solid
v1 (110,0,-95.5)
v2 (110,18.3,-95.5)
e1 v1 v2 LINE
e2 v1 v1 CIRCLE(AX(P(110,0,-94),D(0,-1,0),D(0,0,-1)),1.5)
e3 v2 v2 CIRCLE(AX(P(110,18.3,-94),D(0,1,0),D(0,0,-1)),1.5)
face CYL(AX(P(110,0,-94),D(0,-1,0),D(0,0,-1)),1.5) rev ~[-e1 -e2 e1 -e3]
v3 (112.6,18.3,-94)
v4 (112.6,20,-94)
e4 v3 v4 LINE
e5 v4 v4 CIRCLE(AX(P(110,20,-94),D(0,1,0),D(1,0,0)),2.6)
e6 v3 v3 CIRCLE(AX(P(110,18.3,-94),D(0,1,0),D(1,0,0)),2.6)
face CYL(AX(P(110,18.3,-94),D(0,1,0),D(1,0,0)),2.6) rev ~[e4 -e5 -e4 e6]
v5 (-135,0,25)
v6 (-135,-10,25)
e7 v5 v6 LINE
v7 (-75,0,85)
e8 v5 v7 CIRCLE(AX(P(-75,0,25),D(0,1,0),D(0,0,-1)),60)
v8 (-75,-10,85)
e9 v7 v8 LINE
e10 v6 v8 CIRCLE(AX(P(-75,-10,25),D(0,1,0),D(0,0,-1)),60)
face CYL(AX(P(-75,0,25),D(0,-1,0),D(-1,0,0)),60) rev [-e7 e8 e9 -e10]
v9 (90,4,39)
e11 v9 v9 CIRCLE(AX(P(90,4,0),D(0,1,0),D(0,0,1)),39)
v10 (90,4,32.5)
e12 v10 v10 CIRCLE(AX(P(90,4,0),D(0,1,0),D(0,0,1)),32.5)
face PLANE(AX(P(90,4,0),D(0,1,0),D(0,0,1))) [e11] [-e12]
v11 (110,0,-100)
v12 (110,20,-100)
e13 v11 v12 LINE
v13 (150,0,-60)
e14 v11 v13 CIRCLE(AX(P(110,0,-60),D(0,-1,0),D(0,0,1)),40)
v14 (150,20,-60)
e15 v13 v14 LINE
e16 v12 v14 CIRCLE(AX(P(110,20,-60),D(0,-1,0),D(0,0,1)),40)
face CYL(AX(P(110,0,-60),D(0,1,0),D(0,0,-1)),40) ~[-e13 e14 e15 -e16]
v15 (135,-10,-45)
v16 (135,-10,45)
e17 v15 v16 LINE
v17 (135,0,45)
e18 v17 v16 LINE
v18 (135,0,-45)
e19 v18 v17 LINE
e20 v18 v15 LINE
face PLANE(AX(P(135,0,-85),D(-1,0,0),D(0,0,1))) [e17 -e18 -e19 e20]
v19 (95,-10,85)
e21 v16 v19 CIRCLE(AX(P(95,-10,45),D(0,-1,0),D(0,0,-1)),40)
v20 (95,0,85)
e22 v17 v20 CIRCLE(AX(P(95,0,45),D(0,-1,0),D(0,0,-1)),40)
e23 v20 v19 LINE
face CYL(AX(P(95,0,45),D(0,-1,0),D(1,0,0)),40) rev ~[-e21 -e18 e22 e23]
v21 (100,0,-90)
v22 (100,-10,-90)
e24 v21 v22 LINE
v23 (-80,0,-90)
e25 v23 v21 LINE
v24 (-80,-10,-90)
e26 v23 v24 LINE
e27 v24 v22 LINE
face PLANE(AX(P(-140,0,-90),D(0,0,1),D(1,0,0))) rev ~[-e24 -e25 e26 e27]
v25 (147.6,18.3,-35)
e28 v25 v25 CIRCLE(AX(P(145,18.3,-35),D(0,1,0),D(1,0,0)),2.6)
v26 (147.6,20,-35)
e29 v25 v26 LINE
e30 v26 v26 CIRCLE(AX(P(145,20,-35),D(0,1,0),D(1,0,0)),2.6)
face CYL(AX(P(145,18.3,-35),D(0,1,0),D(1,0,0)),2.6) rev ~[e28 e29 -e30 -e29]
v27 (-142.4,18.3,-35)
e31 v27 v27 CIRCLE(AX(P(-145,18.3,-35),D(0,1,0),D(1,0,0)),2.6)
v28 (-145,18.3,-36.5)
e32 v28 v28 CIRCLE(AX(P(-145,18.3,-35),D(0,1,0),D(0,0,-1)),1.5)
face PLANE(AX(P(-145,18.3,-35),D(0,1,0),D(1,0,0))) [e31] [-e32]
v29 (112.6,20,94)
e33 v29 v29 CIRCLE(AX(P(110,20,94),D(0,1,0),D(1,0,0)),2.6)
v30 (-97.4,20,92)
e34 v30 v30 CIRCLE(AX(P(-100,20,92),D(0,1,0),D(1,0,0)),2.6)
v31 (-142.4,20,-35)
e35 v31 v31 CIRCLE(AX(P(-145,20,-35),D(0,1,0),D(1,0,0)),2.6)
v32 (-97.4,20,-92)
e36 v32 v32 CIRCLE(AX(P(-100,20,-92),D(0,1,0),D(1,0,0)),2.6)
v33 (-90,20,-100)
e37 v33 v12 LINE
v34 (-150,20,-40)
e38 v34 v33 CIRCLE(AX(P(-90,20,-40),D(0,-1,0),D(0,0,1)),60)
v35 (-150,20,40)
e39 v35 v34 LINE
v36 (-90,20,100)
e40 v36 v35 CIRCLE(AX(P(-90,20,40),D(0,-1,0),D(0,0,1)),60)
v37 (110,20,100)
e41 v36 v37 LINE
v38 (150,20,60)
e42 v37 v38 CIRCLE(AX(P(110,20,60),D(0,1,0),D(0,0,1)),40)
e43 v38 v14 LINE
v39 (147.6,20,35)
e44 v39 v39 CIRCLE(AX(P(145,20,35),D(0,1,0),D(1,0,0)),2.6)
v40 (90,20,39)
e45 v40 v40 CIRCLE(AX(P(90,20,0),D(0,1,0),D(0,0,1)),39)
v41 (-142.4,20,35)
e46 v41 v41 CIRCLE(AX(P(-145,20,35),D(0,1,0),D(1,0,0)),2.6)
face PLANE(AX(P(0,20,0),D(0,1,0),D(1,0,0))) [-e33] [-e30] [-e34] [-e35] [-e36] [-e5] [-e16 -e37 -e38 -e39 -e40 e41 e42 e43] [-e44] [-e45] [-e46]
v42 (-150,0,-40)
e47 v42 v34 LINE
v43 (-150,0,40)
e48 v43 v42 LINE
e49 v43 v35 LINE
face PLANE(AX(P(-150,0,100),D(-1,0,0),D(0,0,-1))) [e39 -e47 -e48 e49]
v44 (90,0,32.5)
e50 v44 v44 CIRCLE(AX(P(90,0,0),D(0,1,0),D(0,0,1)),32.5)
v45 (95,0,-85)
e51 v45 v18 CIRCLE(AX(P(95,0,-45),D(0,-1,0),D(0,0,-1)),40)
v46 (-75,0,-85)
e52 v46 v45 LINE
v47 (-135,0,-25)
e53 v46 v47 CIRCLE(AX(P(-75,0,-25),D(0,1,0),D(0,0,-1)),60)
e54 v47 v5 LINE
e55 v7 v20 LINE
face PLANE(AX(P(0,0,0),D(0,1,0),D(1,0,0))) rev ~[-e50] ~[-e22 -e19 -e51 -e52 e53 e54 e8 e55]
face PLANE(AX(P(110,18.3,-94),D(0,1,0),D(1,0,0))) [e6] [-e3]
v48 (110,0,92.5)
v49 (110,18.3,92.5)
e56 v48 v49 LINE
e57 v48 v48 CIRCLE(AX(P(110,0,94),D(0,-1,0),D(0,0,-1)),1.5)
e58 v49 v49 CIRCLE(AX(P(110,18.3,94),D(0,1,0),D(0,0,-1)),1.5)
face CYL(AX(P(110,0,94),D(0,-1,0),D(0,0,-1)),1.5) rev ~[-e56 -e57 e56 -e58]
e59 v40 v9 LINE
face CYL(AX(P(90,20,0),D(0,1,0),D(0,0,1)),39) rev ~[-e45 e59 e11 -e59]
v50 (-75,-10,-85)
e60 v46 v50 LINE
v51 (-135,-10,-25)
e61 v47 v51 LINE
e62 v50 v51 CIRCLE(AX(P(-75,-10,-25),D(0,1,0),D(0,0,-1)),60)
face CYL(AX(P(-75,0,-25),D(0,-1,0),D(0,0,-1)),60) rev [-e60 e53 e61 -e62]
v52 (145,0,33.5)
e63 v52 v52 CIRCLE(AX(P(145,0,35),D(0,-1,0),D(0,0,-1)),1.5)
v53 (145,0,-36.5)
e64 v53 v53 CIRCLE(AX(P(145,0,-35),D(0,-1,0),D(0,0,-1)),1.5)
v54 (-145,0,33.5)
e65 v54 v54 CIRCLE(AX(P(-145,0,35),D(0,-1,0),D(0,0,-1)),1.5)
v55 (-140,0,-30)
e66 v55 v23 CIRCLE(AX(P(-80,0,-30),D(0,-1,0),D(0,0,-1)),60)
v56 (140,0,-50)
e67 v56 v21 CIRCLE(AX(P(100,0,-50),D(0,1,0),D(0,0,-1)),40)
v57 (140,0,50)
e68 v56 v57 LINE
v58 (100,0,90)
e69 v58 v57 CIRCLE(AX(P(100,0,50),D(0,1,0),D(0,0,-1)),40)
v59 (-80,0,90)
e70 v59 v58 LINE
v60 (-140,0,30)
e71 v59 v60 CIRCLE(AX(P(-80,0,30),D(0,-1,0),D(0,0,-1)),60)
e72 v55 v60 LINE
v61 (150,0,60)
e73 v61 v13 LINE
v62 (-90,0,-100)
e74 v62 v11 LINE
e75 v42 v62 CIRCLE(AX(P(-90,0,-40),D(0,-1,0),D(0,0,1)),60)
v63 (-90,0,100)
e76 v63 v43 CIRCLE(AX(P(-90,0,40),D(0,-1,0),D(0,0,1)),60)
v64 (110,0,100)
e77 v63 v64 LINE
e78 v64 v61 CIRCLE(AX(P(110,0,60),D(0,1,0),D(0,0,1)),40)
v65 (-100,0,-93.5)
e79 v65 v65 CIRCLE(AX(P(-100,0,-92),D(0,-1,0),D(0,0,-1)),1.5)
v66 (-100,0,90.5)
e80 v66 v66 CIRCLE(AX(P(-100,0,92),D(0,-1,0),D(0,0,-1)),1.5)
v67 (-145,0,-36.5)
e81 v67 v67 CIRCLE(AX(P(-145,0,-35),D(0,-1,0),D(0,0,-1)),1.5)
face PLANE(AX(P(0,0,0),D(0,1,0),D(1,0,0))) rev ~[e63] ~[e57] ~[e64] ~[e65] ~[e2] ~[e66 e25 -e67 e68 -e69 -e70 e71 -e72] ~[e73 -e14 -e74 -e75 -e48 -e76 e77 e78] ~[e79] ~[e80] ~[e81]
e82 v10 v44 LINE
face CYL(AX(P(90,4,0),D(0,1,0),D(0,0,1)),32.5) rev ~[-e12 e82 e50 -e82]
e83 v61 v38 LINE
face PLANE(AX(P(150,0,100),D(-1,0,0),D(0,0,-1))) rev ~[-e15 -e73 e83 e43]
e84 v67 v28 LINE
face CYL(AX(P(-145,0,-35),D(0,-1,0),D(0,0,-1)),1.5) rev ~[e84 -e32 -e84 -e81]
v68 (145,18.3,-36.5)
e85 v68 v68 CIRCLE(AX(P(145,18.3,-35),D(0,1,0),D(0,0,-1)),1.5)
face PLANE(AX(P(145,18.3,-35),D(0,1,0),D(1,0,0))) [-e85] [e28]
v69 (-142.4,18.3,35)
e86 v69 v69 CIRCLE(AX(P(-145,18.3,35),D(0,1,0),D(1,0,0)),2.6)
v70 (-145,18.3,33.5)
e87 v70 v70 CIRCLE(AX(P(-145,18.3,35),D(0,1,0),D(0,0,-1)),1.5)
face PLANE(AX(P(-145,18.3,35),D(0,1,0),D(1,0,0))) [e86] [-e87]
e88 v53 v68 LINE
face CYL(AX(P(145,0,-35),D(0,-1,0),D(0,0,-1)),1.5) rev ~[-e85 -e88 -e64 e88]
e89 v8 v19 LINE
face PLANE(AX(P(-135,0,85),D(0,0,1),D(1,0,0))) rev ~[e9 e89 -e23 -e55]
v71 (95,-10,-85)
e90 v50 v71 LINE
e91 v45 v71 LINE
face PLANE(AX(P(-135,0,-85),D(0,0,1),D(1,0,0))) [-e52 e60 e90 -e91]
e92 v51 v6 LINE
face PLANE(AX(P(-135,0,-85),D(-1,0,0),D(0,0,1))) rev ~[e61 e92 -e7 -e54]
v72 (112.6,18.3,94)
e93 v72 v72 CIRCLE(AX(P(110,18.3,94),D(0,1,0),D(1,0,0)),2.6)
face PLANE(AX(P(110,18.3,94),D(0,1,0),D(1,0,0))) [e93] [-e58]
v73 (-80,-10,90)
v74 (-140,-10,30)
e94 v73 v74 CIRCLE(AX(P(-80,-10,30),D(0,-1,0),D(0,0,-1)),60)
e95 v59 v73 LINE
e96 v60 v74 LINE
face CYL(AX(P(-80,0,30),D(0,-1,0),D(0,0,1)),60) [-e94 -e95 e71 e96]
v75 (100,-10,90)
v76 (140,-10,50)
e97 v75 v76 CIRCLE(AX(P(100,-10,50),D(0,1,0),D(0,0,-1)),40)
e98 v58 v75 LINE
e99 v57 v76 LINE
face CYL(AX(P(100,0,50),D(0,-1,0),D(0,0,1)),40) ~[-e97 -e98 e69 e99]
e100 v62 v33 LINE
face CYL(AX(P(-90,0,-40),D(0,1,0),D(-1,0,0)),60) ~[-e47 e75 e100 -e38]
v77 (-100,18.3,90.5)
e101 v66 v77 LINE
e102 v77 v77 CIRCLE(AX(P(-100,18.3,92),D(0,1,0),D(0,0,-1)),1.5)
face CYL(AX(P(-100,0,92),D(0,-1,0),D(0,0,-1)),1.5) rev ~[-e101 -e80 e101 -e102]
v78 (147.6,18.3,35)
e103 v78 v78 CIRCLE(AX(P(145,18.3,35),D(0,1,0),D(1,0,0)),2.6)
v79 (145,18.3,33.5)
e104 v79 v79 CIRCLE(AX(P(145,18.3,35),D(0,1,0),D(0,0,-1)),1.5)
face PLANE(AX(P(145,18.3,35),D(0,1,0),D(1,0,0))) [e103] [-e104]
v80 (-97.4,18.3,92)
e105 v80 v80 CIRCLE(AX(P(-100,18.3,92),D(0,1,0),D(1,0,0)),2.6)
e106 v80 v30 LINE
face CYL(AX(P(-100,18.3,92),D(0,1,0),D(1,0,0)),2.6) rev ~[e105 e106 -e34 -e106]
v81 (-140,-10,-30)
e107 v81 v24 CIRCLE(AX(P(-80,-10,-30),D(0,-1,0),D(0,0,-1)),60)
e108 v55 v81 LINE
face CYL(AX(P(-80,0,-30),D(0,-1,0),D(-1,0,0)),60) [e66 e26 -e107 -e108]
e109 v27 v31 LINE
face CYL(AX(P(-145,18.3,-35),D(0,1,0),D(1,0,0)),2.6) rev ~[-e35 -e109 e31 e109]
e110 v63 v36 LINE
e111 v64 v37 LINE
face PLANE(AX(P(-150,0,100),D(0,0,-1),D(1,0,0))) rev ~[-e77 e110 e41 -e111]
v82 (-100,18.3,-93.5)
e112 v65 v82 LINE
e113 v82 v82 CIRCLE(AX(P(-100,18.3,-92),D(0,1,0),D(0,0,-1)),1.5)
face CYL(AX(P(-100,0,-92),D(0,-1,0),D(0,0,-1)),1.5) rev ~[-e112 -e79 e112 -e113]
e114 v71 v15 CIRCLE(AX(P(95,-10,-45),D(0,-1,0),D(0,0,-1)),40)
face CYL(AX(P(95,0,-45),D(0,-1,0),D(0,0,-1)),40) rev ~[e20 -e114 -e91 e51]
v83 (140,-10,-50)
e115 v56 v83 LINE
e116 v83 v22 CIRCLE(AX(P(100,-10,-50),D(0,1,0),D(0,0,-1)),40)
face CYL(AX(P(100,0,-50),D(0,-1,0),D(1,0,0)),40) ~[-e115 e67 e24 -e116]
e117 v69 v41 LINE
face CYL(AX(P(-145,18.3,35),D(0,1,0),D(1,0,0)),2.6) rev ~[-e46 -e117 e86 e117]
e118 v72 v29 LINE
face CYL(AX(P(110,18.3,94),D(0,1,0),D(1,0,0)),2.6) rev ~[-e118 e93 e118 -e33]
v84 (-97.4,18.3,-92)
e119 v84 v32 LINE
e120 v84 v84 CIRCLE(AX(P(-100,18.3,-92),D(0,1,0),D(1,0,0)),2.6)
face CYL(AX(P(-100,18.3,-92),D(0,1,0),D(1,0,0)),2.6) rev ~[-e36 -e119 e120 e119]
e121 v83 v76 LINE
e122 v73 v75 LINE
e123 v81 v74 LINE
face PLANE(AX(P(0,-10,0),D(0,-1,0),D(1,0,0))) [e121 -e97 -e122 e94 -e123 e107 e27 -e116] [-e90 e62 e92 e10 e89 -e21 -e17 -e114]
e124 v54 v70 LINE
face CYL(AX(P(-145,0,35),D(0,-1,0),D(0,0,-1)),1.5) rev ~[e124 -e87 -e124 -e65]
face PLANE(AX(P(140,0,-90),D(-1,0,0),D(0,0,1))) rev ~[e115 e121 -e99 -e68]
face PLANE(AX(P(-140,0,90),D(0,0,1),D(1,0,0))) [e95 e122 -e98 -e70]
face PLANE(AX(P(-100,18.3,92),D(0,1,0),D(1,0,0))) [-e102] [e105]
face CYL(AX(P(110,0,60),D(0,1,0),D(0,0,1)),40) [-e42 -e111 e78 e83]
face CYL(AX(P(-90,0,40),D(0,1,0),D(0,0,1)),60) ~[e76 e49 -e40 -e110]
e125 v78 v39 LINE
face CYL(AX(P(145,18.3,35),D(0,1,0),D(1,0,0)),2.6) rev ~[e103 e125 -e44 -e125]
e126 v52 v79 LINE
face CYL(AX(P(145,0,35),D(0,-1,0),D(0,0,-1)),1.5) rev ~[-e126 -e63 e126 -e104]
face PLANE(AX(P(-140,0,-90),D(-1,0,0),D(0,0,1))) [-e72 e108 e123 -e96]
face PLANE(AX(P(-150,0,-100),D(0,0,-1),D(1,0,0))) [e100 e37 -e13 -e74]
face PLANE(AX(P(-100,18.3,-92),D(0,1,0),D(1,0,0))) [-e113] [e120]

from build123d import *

# Parameters (mm, degrees)
SKETCH2_W                               = 300
SKETCH2_H                               = 200
BOSS_EXTRUDE1_DEPTH                     = 20
SKETCH3_W                               = 280
SKETCH3_H                               = 180
SKETCH3_W_2                             = 270
SKETCH3_H_2                             = 170
BOSS_EXTRUDE2_DEPTH                     = 10
FILLET1_R                               = 40
FILLET2_R                               = 60
SKETCH4_R                               = 39
CUT_EXTRUDE1_DEPTH                      = 16
SKETCH5_R                               = 32.5
CUT_EXTRUDE2_DEPTH                      = 16
SKETCH8_R                               = 1.5
CUT_EXTRUDE3_DEPTH                      = 20
CBORE_FOR_M5_HEX_HEAD_BOLT1_D           = 3
CBORE_FOR_M5_HEX_HEAD_BOLT1_DEPTH       = 20
CBORE_FOR_M5_HEX_HEAD_BOLT1_CBORE_D     = 5.2
CBORE_FOR_M5_HEX_HEAD_BOLT1_CBORE_DEPTH = 1.7
CBORE_FOR_M5_HEX_HEAD_BOLT1_TIP         = 0.901290929


with BuildPart() as part:
    # Sketch2 → Boss-Extrude1 (new body)
    with BuildSketch(Plane(origin=(0, 0, 0), x_dir=(1, 0, 0), z_dir=(0, 1, 0))):
        Rectangle(SKETCH2_W, SKETCH2_H)
    extrude(amount=BOSS_EXTRUDE1_DEPTH)

    # Sketch3 → Boss-Extrude2 (add)
    with BuildSketch(Plane.XZ):
        Rectangle(SKETCH3_W, SKETCH3_H)
        Rectangle(SKETCH3_W_2, SKETCH3_H_2, mode=Mode.SUBTRACT)
    extrude(amount=BOSS_EXTRUDE2_DEPTH)

    # Fillet1
    fillet1_edges = [part.edges().sort_by_distance(p)[0] for p in [
        (140, -5, -90),
        (140, -5, 90),
        (135, -5, -85),
        (135, -5, 85),
        (150, 10, -100),
        (150, 10, 100),
    ]]
    fillet(fillet1_edges, radius=FILLET1_R)

    # Fillet2
    fillet2_edges = [part.edges().sort_by_distance(p)[0] for p in [
        (-140, -5, 90),
        (-140, -5, -90),
        (-135, -5, -85),
        (-135, -5, 85),
        (-150, 10, -100),
        (-150, 10, 100),
    ]]
    fillet(fillet2_edges, radius=FILLET2_R)

    # Sketch4 → Cut-Extrude1 (cut)
    with BuildSketch(Plane(origin=(0, 20, 0), x_dir=(1, 0, 0), z_dir=(0, 1, 0))):
        with Locations(Location((90, 0, 0), (0, 0, 270))):
            Circle(SKETCH4_R)
    extrude(amount=-CUT_EXTRUDE1_DEPTH, mode=Mode.SUBTRACT)

    # Sketch5 → Cut-Extrude2 (cut)
    with BuildSketch(Plane(origin=(0, 4, 0), x_dir=(1, 0, 0), z_dir=(0, 1, 0))):
        with Locations(Location((90, 0, 0), (0, 0, 270))):
            Circle(SKETCH5_R)
    extrude(amount=-CUT_EXTRUDE2_DEPTH, mode=Mode.SUBTRACT)

    # Sketch8 → Cut-Extrude3 (cut)
    with BuildSketch(Plane.XZ):
        with Locations(Location((-100, 92, 0), (0, 0, 270))):
            Circle(SKETCH8_R)
        with Locations(Location((-100, -92, 0), (0, 0, 270))):
            Circle(SKETCH8_R)
        with Locations(Location((-145, 35, 0), (0, 0, 270))):
            Circle(SKETCH8_R)
        with Locations(Location((-145, -35, 0), (0, 0, 270))):
            Circle(SKETCH8_R)
        with Locations(Location((110, 94, 0), (0, 0, 270))):
            Circle(SKETCH8_R)
        with Locations(Location((110, -94, 0), (0, 0, 270))):
            Circle(SKETCH8_R)
        with Locations(Location((145, 35, 0), (0, 0, 270))):
            Circle(SKETCH8_R)
        with Locations(Location((145, -35, 0), (0, 0, 270))):
            Circle(SKETCH8_R)
    extrude(amount=-CUT_EXTRUDE3_DEPTH, mode=Mode.SUBTRACT)

    # CBORE for M5 Hex Head Bolt1
    with Locations(Plane(origin=(0, 20, 0), x_dir=(1, 0, 0), z_dir=(0, 1, 0))):
        with Locations((110, 94), (145, 35), (145, -35), (110, -94), (-100, -92), (-145, -35), (-145, 35), (-100, 92)):
            CounterBoreHole(CBORE_FOR_M5_HEX_HEAD_BOLT1_D / 2, CBORE_FOR_M5_HEX_HEAD_BOLT1_CBORE_D / 2, CBORE_FOR_M5_HEX_HEAD_BOLT1_CBORE_DEPTH, depth=CBORE_FOR_M5_HEX_HEAD_BOLT1_DEPTH)
            with Locations((0, 0, -(CBORE_FOR_M5_HEX_HEAD_BOLT1_DEPTH + CBORE_FOR_M5_HEX_HEAD_BOLT1_TIP / 2))):  # 118° drill point
                Cone(0, CBORE_FOR_M5_HEX_HEAD_BOLT1_D / 2, CBORE_FOR_M5_HEX_HEAD_BOLT1_TIP, mode=Mode.SUBTRACT)


solid = part.part
